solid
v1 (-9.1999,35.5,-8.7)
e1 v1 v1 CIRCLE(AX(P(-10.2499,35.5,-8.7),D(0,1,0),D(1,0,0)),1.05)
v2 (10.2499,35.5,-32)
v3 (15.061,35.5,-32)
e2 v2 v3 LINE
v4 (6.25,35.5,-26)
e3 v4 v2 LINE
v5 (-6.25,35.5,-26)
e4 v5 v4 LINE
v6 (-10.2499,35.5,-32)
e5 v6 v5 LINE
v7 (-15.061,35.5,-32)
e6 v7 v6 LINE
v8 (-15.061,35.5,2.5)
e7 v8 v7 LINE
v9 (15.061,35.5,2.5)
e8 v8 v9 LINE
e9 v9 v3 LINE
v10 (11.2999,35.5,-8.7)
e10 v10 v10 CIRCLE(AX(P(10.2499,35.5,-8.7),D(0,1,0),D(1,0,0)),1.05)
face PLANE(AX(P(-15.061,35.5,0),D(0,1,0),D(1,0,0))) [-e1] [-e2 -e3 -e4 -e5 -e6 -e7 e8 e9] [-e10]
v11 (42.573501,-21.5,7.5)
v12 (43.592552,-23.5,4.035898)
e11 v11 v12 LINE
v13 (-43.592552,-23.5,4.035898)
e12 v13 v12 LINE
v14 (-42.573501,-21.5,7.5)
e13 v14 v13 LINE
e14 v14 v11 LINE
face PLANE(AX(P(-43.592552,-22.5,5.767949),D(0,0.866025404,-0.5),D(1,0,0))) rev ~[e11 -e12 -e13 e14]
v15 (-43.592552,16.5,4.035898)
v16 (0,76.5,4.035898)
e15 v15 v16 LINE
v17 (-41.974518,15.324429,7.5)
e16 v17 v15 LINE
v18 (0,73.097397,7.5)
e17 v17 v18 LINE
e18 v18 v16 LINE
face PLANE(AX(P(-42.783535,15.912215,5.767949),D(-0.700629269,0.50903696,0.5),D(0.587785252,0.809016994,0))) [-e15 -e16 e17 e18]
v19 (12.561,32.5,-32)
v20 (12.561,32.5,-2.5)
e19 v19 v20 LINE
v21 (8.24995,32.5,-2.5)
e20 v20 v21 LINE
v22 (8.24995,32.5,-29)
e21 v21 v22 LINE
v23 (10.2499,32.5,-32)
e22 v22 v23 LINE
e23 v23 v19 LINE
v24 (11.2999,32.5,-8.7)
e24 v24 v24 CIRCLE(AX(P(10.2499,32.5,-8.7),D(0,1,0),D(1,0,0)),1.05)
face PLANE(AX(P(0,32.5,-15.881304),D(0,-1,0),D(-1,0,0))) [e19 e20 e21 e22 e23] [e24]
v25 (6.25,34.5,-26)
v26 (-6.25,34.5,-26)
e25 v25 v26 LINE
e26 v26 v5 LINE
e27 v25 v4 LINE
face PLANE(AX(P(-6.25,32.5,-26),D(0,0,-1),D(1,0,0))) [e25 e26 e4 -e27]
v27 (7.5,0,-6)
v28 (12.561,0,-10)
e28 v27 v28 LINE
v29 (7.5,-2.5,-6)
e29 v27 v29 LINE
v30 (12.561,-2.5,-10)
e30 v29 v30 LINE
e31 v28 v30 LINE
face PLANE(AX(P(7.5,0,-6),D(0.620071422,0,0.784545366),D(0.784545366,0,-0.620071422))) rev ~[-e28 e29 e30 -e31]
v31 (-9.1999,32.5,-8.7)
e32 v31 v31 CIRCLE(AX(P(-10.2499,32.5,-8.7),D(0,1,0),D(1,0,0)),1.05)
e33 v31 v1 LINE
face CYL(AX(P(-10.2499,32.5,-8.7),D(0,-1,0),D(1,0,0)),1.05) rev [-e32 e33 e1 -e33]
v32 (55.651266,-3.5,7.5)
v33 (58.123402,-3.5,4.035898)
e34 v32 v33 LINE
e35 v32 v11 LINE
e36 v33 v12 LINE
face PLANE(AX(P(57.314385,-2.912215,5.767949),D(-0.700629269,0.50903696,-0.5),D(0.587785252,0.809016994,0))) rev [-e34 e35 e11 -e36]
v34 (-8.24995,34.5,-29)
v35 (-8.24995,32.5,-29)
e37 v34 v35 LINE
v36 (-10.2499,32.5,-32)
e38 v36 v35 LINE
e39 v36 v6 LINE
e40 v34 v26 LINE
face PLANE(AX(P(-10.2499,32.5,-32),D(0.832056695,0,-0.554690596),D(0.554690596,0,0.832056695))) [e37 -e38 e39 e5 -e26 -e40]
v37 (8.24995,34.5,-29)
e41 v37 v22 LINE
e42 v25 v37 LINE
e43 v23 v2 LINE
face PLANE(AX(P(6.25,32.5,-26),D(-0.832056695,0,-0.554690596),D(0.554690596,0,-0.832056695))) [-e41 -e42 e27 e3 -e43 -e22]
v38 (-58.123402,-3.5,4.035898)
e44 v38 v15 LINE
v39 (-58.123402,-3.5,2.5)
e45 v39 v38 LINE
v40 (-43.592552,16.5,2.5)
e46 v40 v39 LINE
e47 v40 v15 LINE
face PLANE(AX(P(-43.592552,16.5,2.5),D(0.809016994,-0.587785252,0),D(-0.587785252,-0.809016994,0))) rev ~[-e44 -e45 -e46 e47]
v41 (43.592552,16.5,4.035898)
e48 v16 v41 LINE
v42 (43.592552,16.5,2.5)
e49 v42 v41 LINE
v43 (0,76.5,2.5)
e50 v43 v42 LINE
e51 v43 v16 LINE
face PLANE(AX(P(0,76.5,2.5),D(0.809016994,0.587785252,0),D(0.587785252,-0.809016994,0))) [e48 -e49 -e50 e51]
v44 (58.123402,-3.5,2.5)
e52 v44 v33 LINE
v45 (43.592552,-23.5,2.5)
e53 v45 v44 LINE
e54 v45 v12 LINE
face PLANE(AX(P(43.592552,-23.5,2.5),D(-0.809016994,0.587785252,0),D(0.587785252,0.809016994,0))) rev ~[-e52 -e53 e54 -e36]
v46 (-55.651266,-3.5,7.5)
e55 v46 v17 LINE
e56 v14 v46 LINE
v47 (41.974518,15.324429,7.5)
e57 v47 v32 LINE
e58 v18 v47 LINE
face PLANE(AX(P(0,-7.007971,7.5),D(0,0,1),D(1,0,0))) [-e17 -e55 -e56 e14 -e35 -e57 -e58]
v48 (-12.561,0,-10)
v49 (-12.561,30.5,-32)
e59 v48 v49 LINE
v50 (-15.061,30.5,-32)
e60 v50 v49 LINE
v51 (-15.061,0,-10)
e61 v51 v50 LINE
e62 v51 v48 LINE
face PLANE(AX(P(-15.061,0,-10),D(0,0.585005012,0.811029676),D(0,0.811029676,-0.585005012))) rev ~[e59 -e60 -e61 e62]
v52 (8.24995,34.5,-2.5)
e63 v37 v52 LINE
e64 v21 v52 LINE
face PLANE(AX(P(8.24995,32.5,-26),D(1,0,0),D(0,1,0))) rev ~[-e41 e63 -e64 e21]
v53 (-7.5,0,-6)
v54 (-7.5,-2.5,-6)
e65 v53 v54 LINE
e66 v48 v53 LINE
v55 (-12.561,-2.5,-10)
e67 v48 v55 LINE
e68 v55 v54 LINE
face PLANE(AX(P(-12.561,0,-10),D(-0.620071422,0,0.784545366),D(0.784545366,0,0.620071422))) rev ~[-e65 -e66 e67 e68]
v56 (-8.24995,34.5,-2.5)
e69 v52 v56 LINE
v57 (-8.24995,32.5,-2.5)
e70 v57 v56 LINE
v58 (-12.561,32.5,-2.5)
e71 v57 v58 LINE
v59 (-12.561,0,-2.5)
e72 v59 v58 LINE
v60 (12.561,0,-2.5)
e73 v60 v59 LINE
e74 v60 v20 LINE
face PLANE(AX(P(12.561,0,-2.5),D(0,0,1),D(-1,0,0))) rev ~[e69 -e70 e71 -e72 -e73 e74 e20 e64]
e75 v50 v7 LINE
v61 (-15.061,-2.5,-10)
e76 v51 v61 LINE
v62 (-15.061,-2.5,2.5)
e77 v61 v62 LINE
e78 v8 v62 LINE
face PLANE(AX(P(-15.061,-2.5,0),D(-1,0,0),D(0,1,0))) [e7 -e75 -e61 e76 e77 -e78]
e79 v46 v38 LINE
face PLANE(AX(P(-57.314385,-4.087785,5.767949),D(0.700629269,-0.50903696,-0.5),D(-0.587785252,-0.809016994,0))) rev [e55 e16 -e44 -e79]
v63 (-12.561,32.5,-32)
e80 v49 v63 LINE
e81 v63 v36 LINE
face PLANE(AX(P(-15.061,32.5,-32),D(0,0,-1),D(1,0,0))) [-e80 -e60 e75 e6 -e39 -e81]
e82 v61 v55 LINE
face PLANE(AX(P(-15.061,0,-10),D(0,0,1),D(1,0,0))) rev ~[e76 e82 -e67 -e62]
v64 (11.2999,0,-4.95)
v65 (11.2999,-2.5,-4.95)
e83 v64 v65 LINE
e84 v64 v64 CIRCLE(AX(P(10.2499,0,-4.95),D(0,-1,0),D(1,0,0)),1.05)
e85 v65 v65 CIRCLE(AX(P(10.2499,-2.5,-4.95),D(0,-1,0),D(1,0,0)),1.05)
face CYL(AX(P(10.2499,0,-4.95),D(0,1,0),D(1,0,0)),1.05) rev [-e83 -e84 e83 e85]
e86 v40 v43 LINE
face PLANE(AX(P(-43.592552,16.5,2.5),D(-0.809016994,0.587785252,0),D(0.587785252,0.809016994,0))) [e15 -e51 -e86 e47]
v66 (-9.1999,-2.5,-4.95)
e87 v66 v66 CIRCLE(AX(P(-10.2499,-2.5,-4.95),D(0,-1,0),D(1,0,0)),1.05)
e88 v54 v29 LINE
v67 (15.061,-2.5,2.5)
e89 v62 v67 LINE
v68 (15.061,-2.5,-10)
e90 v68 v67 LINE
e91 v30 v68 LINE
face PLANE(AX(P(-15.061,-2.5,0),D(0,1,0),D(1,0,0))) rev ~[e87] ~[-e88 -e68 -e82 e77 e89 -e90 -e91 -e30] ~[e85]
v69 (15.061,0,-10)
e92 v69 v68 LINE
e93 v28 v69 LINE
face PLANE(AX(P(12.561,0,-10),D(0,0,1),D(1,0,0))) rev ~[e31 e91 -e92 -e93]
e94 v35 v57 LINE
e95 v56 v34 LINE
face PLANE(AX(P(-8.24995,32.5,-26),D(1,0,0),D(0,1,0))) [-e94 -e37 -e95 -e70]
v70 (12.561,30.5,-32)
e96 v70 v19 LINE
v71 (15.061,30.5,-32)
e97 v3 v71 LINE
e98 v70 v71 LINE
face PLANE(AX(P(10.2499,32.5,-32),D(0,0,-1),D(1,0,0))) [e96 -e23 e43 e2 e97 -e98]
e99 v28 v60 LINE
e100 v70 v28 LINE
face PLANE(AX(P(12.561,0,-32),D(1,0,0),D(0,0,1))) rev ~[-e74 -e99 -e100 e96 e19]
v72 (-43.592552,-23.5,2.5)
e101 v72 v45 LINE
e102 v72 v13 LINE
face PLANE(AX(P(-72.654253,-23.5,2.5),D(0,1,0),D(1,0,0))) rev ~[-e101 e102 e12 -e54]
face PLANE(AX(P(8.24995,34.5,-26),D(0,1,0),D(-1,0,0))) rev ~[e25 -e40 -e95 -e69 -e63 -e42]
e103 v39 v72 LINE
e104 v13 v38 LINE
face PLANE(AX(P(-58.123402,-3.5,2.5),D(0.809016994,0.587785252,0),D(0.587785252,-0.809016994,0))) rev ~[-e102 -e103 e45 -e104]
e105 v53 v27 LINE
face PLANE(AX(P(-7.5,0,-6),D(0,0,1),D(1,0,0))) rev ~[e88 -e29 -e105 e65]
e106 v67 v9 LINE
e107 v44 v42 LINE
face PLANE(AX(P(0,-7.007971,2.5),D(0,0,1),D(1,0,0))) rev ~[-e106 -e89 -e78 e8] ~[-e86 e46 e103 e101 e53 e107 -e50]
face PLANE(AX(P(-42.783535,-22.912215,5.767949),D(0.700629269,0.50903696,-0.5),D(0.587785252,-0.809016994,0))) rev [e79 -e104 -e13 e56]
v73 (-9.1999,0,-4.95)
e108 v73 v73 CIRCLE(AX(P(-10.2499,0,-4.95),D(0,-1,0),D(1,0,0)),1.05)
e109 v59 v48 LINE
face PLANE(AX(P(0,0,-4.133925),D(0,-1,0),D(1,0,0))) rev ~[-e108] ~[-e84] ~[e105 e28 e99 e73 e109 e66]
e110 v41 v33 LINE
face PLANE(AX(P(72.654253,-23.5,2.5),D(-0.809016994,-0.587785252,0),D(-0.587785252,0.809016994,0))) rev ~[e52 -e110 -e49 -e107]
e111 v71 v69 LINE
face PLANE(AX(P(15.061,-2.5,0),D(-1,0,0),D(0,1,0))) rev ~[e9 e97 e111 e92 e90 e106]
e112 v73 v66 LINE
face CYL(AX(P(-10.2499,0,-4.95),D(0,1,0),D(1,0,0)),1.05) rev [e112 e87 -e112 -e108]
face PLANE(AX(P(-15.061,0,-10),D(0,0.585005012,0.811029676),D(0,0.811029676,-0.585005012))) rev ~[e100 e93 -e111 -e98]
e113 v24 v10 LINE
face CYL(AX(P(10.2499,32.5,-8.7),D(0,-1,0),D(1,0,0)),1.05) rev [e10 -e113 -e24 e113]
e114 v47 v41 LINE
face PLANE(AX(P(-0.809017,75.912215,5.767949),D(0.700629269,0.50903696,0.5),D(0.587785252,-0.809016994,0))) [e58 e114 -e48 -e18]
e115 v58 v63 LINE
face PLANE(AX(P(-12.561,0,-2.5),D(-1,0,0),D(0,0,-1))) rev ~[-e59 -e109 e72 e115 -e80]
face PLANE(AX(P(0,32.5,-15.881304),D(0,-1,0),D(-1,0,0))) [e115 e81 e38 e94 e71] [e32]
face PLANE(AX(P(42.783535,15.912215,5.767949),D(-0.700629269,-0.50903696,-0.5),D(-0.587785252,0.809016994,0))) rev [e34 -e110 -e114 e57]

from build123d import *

# Parameters (mm, degrees)
BOSS_EXTRUDE1_DEPTH     = 32.5
SKETCH4_R               = 1.05
BOSS_EXTRUDE2_DEPTH     = 2.5
SKETCH5_R               = 1.05
BOSS_EXTRUDE3_DEPTH     = 3
CUT_EXTRUDE1_DEPTH      = 31.122
SKETCH13_W              = 30.122
SKETCH13_H              = 38
BOSS_EXTRUDE7_DEPTH     = 2.5
BOSS_EXTRUDE4_DEPTH     = 5
BOSS_EXTRUDE6_DEPTH     = 5
CUT_EXTRUDE2_DEPTH      = 6
SKETCH12_W              = 16.4999
SKETCH12_H              = 2
CUT_EXTRUDE4_DEPTH      = 10
CUT_EXTRUDE4_DEPTH_BACK = 23.5
CHAMFER1_SIZE           = 2
CHAMFER1_SIZE2          = 3.464101615


with BuildPart() as part:
    # Sketch2 → Boss-Extrude1 (new body)
    with BuildSketch(Plane(origin=(0, 0, 0), x_dir=(1, 0, 0), z_dir=(0, 1, 0))):
        Polygon((15.061, 0), (15.061, 32), (12.561, 32), (12.561, 2.5), (-12.561, 2.5), (-12.561, 32), (-15.061, 32), (-15.061, 0), align=None)
    extrude(amount=BOSS_EXTRUDE1_DEPTH)

    # Sketch4 → Boss-Extrude2 (add)
    with BuildSketch(Plane.XZ):
        Polygon((-7.5, -6), (7.5, -6), (12.561, -10), (15.061, -10), (15.061, 0), (-15.061, 0), (-15.061, -10), (-12.561, -10), align=None)
        with Locations((-10.2499, -4.95)):
            Circle(SKETCH4_R, mode=Mode.SUBTRACT)
        with Locations((10.2499, -4.95)):
            Circle(SKETCH4_R, mode=Mode.SUBTRACT)
    extrude(amount=BOSS_EXTRUDE2_DEPTH)

    # Sketch5 → Boss-Extrude3 (add)
    with BuildSketch(Plane(origin=(0, 32.5, 0), x_dir=(1, 0, 0), z_dir=(0, 1, 0))):
        Polygon((-15.061, 32), (-10.2499, 32), (-6.25, 26), (6.25, 26), (10.2499, 32), (15.061, 32), (15.061, 0), (-15.061, 0), align=None)
        with Locations((-10.2499, 8.7)):
            Circle(SKETCH5_R, mode=Mode.SUBTRACT)
        with Locations((10.2499, 8.7)):
            Circle(SKETCH5_R, mode=Mode.SUBTRACT)
    extrude(amount=BOSS_EXTRUDE3_DEPTH)

    # Sketch6 → Cut-Extrude1 (cut, through all)
    with BuildSketch(Plane.ZY.offset(15.061)):
        Polygon((-10, 0), (-32, 30.5), (-32, 0), align=None)
    extrude(amount=-CUT_EXTRUDE1_DEPTH, mode=Mode.SUBTRACT)

    # Sketch13 → Boss-Extrude7 (add)
    with BuildSketch(Plane.XY):
        with Locations((0, 16.5)):
            Rectangle(SKETCH13_W, SKETCH13_H)
    extrude(amount=BOSS_EXTRUDE7_DEPTH)

    # Sketch8 → Boss-Extrude4 (add)
    with BuildSketch(Plane.XY.offset(2.5)):
        Polygon((0, 76.5), (43.59255168, 16.5), (-43.59255168, 16.5), align=None)
    extrude(amount=BOSS_EXTRUDE4_DEPTH)

    # Sketch9 → Boss-Extrude6 (add)
    with BuildSketch(Plane.XY.offset(2.5)):
        Polygon((-43.59255168, 16.5), (-72.654252801, -23.5), (72.654252801, -23.5), (43.59255168, 16.5), align=None)
    extrude(amount=BOSS_EXTRUDE6_DEPTH)

    # Sketch10 → Cut-Extrude2 (cut, through all)
    with BuildSketch(Plane(origin=(0, 0, 2.5), x_dir=(-1, 0, 0), z_dir=(0, 0, -1))):
        Polygon((-43.59255168, -23.5), (-58.12340224, -3.5), (-72.654252801, -23.5), align=None)
        Polygon((72.654252801, -23.5), (58.12340224, -3.5), (43.59255168, -23.5), align=None)
    extrude(amount=-CUT_EXTRUDE2_DEPTH, mode=Mode.SUBTRACT)

    # Sketch12 → Cut-Extrude4 (cut, two sides)
    with BuildSketch(Plane(origin=(0, 0, -26), x_dir=(-1, 0, 0), z_dir=(0, 0, -1))) as cut_extrude4_sk:
        with Locations((0, 33.5)):
            Rectangle(SKETCH12_W, SKETCH12_H)
    extrude(amount=CUT_EXTRUDE4_DEPTH, mode=Mode.SUBTRACT)
    extrude(cut_extrude4_sk.sketch, amount=-CUT_EXTRUDE4_DEPTH_BACK, mode=Mode.SUBTRACT)

    # Chamfer1
    chamfer1_edges = [part.edges().sort_by_distance(p)[0] for p in [
        (-29.06170112, 36.5, 7.5),
        (0, -23.5, 7.5),
        (29.06170112, 36.5, 7.5),
        (50.85797696, -13.5, 7.5),
        (-50.85797696, -13.5, 7.5),
    ]]
    chamfer1_side = [part.faces().sort_by_distance(p)[0] for p in [
        (0, 12.152173913, 7.5),
    ]]
    chamfer(chamfer1_edges, length=CHAMFER1_SIZE, length2=CHAMFER1_SIZE2, reference=chamfer1_side[0])


solid = part.part
